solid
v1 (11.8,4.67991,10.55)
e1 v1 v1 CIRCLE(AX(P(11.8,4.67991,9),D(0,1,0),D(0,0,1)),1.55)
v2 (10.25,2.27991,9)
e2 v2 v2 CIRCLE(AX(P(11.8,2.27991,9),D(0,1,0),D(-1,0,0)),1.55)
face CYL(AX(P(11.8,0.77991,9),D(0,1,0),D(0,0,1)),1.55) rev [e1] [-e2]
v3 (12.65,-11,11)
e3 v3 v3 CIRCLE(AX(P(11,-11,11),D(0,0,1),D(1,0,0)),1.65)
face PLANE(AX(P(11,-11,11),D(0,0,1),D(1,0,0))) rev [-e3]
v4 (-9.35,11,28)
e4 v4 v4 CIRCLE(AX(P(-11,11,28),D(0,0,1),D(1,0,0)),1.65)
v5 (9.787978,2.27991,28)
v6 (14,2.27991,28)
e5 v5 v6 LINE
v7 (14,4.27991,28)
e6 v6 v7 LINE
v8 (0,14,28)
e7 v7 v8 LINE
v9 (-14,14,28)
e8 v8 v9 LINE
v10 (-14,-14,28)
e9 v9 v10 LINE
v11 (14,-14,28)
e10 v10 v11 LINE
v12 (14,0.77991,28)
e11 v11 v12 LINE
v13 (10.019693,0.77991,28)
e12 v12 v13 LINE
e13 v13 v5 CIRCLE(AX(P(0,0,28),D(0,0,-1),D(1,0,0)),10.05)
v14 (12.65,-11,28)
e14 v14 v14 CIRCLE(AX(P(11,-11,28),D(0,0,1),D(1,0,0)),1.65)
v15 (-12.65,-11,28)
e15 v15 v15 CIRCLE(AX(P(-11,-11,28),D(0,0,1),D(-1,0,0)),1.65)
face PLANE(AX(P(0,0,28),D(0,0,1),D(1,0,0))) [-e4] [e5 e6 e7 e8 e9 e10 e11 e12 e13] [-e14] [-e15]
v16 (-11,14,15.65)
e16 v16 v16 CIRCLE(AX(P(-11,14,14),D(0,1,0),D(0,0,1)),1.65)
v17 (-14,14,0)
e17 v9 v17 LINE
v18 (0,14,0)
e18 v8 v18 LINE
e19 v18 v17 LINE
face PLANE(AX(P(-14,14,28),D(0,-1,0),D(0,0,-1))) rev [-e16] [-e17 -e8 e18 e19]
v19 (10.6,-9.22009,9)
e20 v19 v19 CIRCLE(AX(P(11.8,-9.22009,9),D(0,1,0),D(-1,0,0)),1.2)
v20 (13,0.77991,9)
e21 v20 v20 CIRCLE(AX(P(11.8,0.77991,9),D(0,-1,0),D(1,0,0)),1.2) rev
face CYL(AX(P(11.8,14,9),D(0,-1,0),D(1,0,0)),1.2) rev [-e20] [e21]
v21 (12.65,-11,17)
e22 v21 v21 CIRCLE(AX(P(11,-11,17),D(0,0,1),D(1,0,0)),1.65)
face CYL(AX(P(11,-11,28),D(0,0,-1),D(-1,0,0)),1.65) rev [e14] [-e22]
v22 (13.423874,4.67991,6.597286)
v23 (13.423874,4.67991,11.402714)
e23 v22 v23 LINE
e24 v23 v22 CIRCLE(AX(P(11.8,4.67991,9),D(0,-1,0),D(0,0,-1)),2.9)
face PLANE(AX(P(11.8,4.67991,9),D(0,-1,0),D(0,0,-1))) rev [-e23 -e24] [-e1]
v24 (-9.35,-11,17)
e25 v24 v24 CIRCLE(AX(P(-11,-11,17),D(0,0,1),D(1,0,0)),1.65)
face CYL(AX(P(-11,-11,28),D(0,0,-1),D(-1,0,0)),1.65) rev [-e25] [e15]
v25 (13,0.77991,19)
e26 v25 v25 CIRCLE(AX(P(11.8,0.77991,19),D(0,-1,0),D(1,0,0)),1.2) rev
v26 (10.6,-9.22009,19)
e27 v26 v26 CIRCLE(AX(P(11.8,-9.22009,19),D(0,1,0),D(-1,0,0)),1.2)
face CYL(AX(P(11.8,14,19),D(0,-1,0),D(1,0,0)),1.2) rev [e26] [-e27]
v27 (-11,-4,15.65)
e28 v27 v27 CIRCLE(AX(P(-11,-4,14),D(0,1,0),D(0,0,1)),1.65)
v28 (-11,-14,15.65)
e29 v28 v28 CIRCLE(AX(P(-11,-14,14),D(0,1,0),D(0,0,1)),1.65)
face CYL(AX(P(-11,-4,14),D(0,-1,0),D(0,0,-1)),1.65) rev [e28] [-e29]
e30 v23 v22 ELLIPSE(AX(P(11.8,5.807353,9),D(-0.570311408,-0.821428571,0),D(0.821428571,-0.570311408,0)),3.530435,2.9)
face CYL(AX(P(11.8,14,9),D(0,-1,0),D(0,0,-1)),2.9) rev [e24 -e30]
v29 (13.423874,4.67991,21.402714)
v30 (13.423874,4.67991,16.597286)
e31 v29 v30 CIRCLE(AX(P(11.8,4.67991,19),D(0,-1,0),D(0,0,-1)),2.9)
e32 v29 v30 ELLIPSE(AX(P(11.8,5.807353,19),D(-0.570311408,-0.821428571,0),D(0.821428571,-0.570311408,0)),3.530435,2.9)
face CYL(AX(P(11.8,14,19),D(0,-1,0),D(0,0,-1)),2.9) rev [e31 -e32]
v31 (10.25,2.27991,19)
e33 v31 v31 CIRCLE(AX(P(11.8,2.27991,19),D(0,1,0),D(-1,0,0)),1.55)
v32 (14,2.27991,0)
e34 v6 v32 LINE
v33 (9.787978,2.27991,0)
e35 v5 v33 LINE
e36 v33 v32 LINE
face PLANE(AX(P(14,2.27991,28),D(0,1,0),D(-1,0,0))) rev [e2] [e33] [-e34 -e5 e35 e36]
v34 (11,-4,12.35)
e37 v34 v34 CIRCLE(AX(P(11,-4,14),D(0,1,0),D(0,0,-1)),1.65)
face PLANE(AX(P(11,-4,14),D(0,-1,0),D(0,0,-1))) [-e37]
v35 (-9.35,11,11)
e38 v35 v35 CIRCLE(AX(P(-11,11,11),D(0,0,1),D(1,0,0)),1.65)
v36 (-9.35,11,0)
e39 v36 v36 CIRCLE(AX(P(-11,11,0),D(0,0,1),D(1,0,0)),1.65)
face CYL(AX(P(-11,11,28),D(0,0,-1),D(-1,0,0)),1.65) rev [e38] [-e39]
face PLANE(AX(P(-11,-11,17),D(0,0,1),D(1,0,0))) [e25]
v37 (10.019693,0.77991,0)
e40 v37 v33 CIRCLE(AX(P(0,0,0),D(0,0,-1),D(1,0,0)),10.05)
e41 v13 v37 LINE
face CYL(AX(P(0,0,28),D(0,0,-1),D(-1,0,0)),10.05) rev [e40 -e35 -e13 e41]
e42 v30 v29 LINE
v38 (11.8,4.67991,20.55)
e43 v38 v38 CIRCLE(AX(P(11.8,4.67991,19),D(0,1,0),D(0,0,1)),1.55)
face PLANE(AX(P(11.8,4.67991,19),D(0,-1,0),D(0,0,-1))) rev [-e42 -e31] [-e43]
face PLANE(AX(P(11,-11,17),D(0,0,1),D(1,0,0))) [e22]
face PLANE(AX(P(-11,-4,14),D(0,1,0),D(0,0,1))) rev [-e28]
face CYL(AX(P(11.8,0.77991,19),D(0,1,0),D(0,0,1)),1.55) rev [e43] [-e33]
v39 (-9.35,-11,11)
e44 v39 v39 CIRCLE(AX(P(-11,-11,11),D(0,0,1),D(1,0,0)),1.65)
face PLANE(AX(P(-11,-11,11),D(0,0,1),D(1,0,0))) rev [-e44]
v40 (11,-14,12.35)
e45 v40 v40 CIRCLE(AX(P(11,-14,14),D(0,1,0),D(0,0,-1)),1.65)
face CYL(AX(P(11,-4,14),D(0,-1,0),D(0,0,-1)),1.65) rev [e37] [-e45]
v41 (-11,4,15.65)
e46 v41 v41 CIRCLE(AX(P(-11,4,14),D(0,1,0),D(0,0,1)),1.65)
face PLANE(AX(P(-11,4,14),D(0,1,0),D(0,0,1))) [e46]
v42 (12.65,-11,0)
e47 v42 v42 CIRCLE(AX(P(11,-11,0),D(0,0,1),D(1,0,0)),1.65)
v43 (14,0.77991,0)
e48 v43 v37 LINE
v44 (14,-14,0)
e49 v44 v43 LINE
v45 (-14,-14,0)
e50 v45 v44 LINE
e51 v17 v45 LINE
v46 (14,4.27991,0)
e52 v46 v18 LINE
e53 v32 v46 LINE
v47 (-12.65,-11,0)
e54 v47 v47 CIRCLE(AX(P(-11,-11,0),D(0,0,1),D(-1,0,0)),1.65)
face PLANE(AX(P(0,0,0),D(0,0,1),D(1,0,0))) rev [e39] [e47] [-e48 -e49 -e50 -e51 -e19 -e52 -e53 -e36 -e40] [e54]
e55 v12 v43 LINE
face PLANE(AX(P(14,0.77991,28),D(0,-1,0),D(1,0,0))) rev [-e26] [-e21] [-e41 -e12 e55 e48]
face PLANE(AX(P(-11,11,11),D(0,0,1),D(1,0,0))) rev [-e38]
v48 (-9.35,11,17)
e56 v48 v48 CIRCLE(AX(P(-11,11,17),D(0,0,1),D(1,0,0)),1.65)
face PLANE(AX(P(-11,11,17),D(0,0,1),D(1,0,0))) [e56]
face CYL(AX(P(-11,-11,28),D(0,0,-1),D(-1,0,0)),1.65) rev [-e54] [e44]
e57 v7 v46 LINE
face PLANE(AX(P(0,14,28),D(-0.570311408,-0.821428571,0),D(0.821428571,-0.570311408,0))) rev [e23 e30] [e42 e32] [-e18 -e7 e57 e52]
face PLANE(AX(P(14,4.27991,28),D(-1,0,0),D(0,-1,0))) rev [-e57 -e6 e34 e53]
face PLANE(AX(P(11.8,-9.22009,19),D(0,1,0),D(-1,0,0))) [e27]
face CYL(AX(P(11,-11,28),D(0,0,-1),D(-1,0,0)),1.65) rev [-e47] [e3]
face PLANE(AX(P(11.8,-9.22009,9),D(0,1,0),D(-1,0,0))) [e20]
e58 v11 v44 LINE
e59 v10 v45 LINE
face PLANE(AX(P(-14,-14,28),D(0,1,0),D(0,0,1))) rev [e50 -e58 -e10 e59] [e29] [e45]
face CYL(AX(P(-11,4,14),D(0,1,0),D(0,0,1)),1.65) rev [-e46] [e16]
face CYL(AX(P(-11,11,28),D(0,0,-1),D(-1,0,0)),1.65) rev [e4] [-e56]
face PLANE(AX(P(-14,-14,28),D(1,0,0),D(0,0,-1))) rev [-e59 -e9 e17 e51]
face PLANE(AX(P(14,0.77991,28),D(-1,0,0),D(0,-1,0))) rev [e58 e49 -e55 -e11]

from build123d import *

# Parameters (mm, degrees)
ESQUISSE1_R                  = 1.65
BOSS_EXTRU_1_DEPTH           = 28
ENL_V_START                  = -2.4
ESQUISSE6_R                  = 2.9
ENL_V_MAT_EXTRU_3_DEPTH      = 33.885060109
ESQUISSE7_R                  = 1.55
ENL_V_MAT_EXTRU_4_DEPTH      = 3.9
ENL_V_MAT_EXTRU_5_DEPTH      = 35.618575031
ENL_V_MAT_EXTRU_5_DEPTH_BACK = 10
ESQUISSE8_R                  = 1.2
BOSS_EXTRU_6_START           = -17
ESQUISSE10_R                 = 1.65
BOSS_EXTRU_6_DEPTH           = 6
ESQUISSE11_R                 = 1.65
ENL_V_MAT_EXTRU_6_DEPTH      = 10
ENL_V_START_2                = -10
ESQUISSE12_R                 = 1.65
ENL_V_MAT_EXTRU_7_DEPTH      = 10


with BuildPart() as part:
    # Esquisse1 → Boss.-Extru.1 (new body)
    with BuildSketch(Plane.XY):
        with BuildLine():
            Line((0, 14), (14, 4.279909917))
            Line((14, 4.279909917), (14, 2.279909917))
            Line((14, 2.279909917), (9.787977869, 2.279909917))
            ThreePointArc((9.787977869, 2.279909917), (-9.932192744, -1.534290483), (10.019692636, 0.779909917))
            Line((10.019692636, 0.779909917), (14, 0.779909917))
            Line((14, 0.779909917), (14, -14))
            Line((14, -14), (-14, -14))
            Line((-14, -14), (-14, 14))
            Line((-14, 14), (0, 14))
        make_face()
        with Locations((-11, 11)):
            Circle(ESQUISSE1_R, mode=Mode.SUBTRACT)
        with Locations(Location((-11, -11, 0), (0, 0, 180))):
            Circle(ESQUISSE1_R, mode=Mode.SUBTRACT)
        with Locations((11, -11)):
            Circle(ESQUISSE1_R, mode=Mode.SUBTRACT)
    extrude(amount=BOSS_EXTRU_1_DEPTH)

    # Esquisse6 → Enlèv. mat.-Extru.3 (cut, through all)
    with BuildSketch(Plane(origin=(0, 2.279909917, 0), x_dir=(-1, 0, 0), z_dir=(0, -1, 0)).offset(ENL_V_START)):
        with Locations((-11.8, -9)):
            Circle(ESQUISSE6_R)
        with Locations((-11.8, -19)):
            Circle(ESQUISSE6_R)
    extrude(amount=-ENL_V_MAT_EXTRU_3_DEPTH, mode=Mode.SUBTRACT)

    # Esquisse7 → Enlèv. mat.-Extru.4 (cut)
    with BuildSketch(Plane(origin=(0, 4.679909917, 0), x_dir=(1, 0, 0), z_dir=(0, 1, 0))):
        with Locations(Location((11.8, -9, 0), (0, 0, 270))):
            Circle(ESQUISSE7_R)
        with Locations(Location((11.8, -19, 0), (0, 0, 270))):
            Circle(ESQUISSE7_R)
    extrude(amount=-ENL_V_MAT_EXTRU_4_DEPTH, mode=Mode.SUBTRACT)

    # Esquisse8 → Enlèv. mat.-Extru.5 (cut, two sides: drawn at the far end of the back side and taken through both)
    with BuildSketch(Plane(origin=(0, 0.779909917, 0), x_dir=(1, 0, 0), z_dir=(0, 1, 0)).offset(-ENL_V_MAT_EXTRU_5_DEPTH_BACK)):
        with Locations((11.8, -9)):
            Circle(ESQUISSE8_R)
        with Locations((11.8, -19)):
            Circle(ESQUISSE8_R)
    extrude(amount=ENL_V_MAT_EXTRU_5_DEPTH + ENL_V_MAT_EXTRU_5_DEPTH_BACK, mode=Mode.SUBTRACT)

    # Esquisse10 → Boss.-Extru.6 (add)
    with BuildSketch(Plane.XY.offset(28).offset(BOSS_EXTRU_6_START)):
        with Locations(Location((-11, -11, 0), (0, 0, 180))):
            Circle(ESQUISSE10_R)
        with Locations((11, -11)):
            Circle(ESQUISSE10_R)
        with Locations((-11, 11)):
            Circle(ESQUISSE10_R)
    extrude(amount=BOSS_EXTRU_6_DEPTH)

    # Esquisse11 → Enlèv. mat.-Extru.6 (cut)
    with BuildSketch(Plane(origin=(0, -14, 0), x_dir=(1, 0, 0), z_dir=(0, 1, 0))):
        with Locations(Location((-11, -14, 0), (0, 0, 270))):
            Circle(ESQUISSE11_R)
        with Locations(Location((11, -14, 0), (0, 0, 90))):
            Circle(ESQUISSE11_R)
    extrude(amount=ENL_V_MAT_EXTRU_6_DEPTH, mode=Mode.SUBTRACT)

    # Esquisse12 → Enlèv. mat.-Extru.7 (cut)
    with BuildSketch(Plane(origin=(0, 14, 0), x_dir=(1, 0, 0), z_dir=(0, 1, 0)).offset(ENL_V_START_2)):
        with Locations(Location((-11, -14, 0), (0, 0, 270))):
            Circle(ESQUISSE12_R)
    extrude(amount=ENL_V_MAT_EXTRU_7_DEPTH, mode=Mode.SUBTRACT)


solid = part.part
